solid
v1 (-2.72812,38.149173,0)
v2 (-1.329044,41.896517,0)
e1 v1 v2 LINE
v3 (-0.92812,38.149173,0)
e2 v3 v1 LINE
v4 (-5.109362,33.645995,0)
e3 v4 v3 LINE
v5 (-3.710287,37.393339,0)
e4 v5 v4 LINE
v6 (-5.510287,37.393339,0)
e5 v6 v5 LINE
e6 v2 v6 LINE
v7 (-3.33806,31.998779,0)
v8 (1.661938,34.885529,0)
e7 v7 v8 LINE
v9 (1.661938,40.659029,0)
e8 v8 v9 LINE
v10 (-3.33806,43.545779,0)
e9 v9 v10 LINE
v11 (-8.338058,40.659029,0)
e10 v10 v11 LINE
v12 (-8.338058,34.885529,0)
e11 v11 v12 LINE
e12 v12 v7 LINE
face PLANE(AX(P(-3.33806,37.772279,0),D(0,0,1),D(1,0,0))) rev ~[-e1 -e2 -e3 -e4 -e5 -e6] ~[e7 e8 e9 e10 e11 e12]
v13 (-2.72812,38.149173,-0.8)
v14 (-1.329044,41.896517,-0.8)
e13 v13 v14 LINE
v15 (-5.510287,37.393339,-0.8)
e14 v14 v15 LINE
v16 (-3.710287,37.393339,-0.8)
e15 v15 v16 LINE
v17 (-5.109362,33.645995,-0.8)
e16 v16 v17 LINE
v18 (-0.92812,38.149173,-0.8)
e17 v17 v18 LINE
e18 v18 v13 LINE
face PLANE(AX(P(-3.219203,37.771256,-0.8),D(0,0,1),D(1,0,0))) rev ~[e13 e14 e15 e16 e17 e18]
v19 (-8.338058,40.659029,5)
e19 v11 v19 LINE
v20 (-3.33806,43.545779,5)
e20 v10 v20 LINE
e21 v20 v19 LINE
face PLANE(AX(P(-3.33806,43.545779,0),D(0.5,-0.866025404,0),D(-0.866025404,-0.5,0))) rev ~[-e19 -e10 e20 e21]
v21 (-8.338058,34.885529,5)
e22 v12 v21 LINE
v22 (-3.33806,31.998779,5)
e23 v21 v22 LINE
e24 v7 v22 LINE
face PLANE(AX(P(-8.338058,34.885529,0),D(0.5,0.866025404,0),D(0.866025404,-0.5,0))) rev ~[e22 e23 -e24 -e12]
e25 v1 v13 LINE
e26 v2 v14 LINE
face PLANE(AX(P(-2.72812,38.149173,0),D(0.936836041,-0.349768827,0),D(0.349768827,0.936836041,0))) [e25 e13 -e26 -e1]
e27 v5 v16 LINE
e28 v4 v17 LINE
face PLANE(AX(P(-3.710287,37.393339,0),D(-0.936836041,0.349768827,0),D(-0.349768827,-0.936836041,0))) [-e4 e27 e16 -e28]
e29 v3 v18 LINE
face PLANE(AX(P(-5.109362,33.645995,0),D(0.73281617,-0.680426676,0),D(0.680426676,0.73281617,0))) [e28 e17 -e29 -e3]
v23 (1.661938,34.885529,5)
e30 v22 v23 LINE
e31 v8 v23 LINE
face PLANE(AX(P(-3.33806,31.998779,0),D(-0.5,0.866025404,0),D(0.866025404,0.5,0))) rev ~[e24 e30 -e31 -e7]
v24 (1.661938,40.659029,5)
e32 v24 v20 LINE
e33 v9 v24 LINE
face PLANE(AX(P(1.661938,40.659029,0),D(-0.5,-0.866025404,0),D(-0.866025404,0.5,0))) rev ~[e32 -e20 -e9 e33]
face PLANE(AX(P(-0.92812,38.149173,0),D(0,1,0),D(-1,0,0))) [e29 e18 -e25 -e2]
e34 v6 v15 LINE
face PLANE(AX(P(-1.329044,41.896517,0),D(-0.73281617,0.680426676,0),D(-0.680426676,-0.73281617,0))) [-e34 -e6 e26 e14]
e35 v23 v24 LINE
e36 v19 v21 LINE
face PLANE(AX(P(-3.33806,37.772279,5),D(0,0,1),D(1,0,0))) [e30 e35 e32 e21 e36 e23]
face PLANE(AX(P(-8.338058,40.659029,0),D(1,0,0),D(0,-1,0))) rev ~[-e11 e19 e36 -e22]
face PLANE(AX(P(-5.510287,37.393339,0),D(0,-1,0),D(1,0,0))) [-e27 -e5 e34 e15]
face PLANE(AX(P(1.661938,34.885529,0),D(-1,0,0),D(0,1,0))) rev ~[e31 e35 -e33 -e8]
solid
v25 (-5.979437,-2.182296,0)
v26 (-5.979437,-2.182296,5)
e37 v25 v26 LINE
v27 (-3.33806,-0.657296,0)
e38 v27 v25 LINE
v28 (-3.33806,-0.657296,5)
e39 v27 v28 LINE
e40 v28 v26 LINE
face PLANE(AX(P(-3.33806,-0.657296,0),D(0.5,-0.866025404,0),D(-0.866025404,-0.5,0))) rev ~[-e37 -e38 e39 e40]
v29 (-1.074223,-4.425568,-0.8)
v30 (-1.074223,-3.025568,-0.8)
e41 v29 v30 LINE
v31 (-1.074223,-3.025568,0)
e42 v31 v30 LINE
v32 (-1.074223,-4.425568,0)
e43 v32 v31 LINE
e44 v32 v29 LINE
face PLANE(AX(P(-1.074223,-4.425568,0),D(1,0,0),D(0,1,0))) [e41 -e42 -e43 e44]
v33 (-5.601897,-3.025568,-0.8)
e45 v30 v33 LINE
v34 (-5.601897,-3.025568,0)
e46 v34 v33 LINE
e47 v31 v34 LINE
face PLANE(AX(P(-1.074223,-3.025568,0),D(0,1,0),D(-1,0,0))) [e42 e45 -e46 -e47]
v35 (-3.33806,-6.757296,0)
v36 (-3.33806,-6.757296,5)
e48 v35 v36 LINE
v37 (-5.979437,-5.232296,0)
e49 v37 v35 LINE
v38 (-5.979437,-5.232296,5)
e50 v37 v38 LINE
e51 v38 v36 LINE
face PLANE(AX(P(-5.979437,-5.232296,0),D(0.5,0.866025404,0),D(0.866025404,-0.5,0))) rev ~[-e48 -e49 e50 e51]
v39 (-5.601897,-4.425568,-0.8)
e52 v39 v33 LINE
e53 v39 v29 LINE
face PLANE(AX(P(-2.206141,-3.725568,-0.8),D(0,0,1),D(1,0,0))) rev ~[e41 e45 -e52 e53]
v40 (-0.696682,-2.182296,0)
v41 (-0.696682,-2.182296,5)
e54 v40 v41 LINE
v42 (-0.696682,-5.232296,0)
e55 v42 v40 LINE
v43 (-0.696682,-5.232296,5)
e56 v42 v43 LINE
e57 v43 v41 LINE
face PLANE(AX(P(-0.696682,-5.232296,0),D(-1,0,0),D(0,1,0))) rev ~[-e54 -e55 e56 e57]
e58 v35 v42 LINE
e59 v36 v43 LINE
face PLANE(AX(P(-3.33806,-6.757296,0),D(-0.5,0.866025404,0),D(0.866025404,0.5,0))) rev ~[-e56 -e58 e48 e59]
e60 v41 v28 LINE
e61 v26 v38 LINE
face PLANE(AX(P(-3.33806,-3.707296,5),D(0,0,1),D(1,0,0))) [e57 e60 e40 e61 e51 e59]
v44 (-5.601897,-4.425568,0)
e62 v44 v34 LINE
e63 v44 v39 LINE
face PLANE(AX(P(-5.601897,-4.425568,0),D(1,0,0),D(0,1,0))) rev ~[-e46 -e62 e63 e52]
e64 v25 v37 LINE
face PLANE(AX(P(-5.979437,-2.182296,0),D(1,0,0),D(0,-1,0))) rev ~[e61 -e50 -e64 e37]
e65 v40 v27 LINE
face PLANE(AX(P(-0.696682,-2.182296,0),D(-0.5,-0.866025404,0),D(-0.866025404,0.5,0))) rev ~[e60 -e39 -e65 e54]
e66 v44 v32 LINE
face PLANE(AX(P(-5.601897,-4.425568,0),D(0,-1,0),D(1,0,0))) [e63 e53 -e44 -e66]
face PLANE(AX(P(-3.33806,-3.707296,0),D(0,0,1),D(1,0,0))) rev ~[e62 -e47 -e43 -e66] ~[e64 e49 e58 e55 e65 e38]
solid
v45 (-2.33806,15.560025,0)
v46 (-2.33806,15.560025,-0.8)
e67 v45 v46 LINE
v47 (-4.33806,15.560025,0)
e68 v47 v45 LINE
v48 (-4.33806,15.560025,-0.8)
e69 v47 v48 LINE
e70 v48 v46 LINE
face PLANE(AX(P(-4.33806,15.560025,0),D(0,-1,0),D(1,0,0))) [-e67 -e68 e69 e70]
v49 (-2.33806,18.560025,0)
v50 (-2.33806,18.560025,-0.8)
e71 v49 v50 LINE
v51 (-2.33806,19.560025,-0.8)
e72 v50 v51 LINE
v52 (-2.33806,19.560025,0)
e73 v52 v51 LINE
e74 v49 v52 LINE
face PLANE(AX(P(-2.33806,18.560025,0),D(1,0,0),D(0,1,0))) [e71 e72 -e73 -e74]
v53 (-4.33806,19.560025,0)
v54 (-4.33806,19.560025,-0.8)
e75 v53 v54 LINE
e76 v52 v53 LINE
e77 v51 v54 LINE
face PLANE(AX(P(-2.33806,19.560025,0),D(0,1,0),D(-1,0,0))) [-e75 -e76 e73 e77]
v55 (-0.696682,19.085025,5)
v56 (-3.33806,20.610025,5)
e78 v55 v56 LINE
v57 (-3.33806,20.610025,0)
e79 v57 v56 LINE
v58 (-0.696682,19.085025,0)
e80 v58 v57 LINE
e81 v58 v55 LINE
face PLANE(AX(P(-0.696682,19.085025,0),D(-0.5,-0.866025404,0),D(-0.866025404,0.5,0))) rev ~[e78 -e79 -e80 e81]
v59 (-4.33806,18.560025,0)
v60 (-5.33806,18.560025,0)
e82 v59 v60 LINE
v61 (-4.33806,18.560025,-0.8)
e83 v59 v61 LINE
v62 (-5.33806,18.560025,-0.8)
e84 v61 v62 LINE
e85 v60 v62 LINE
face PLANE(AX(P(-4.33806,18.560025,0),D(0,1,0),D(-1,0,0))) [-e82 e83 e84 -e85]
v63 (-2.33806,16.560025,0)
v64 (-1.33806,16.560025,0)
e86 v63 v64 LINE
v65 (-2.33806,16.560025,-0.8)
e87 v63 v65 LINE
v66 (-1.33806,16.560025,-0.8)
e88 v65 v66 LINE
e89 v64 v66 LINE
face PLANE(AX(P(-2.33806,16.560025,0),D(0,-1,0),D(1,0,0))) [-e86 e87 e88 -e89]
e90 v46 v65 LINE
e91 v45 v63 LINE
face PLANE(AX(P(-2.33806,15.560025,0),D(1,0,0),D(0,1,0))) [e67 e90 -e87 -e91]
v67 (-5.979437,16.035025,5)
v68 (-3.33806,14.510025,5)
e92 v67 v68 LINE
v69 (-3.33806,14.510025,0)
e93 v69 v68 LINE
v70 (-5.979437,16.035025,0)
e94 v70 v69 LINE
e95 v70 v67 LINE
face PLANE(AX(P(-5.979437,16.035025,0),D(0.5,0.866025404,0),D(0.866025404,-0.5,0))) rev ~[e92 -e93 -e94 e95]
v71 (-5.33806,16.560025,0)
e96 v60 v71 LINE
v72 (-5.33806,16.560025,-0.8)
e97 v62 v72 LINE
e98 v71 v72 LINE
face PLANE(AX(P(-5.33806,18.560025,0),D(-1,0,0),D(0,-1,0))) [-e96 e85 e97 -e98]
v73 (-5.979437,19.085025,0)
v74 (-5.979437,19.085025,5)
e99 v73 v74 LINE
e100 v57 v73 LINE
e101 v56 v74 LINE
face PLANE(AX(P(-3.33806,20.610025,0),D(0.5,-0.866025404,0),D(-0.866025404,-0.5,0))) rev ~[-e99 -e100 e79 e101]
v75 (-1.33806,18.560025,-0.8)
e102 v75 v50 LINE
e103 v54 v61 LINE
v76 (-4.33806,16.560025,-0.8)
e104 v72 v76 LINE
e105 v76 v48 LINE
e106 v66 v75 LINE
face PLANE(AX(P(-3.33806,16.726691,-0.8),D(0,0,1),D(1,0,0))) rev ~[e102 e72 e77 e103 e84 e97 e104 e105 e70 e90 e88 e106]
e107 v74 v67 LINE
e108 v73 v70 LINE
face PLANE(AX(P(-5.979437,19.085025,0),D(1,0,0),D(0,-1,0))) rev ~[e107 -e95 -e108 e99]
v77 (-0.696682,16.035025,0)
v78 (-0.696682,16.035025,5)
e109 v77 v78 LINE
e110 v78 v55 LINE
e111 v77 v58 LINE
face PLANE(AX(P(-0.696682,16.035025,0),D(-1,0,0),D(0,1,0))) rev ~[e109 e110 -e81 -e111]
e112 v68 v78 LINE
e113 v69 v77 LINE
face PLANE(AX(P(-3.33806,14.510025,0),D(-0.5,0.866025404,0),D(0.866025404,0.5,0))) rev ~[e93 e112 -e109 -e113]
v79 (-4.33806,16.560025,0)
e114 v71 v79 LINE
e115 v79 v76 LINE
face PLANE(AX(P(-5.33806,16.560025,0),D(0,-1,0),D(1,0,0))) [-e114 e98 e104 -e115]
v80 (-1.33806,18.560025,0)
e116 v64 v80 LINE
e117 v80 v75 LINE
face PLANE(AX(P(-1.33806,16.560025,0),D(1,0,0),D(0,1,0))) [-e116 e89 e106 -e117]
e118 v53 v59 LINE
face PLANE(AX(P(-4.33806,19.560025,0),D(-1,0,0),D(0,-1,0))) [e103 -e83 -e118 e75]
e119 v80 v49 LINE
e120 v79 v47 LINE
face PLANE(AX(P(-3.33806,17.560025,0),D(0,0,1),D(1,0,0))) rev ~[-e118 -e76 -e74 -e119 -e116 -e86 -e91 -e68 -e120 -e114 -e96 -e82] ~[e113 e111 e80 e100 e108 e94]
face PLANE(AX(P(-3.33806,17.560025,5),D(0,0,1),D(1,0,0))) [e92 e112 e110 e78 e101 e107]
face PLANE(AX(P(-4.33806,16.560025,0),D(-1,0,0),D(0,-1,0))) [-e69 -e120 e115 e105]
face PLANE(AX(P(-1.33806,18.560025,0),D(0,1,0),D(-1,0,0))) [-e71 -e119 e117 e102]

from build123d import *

# Parameters (mm, degrees)
F2_DEPTH = 5
F3_DEPTH = 0.8
F1_W     = 2.2638370283
F1_H     = 1.4


with BuildPart() as f2:
    # F0 (on Top) → F2 (new body)
    with BuildSketch(Plane.XY):
        Polygon((-3.3380598761, 14.5100246476), (-0.6966823946, 16.0350246476), (-0.6966823946, 19.0850246476), (-3.3380598761, 20.6100246476), (-5.9794373577, 19.0850246476), (-5.9794373577, 16.0350246476), align=None)
    extrude(amount=F2_DEPTH)

    # F1 (on Top) → F3, piece 2 (join)
    with BuildSketch(Plane.XY):
        Polygon((-1.3380598761, 17.5600246476), (-5.3380598761, 17.5600246476), (-5.3380598761, 16.5600246476), (-4.3380598761, 16.5600246476), (-4.3380598761, 15.5600246476), (-2.3380598761, 15.5600246476), (-2.3380598761, 16.5600246476), (-1.3380598761, 16.5600246476), align=None)
        Polygon((-5.3380598761, 18.5600246476), (-5.3380598761, 17.5600246476), (-1.3380598761, 17.5600246476), (-1.3380598761, 18.5600246476), (-2.3380598761, 18.5600246476), (-2.3380598761, 19.5600246476), (-4.3380598761, 19.5600246476), (-4.3380598761, 18.5600246476), align=None)
    extrude(amount=-F3_DEPTH)


with BuildPart() as f2b:
    # F0 (on Top) → F2, piece 2 (new body)
    with BuildSketch(Plane.XY):
        Polygon((-5.979437381, -5.2322964184), (-3.3380598995, -6.7572964184), (-0.6966824179, -5.2322964184), (-0.6966824179, -2.1822964184), (-3.3380598995, -0.6572964184), (-5.979437381, -2.1822964184), align=None)
    extrude(amount=F2_DEPTH)

    # F1 (on Top) → F3, piece 3 (join)
    with BuildSketch(Plane.XY):
        with Locations((-2.206141362, -3.7255681834)):
            Rectangle(F1_W, F1_H)
        with Locations((-4.4699783903, -3.7255681834)):
            Rectangle(F1_W, F1_H)
    extrude(amount=-F3_DEPTH)


with BuildPart() as f2c:
    # F0 (on Top) → F2, piece 3 (new body)
    with BuildSketch(Plane.XY):
        Polygon((-8.3380575449, 34.8855292327), (-3.3380598761, 31.9987792327), (1.6619377926, 34.8855292327), (1.6619377926, 40.6590292327), (-3.3380598761, 43.5457792327), (-8.3380575449, 40.6590292327), align=None)
    extrude(amount=F2_DEPTH)

    # F1 (on Top) → F3 (join)
    with BuildSketch(Plane.XY):
        Polygon((-0.9281197149, 38.1491725842), (-2.7281197149, 38.1491725842), (-1.3290444063, 41.8965167478), (-5.5102869956, 37.3933391249), (-3.7102869956, 37.3933391249), (-5.1093623042, 33.6459949613), align=None)
    extrude(amount=-F3_DEPTH)


solid = Compound([f2.part, f2b.part, f2c.part])
